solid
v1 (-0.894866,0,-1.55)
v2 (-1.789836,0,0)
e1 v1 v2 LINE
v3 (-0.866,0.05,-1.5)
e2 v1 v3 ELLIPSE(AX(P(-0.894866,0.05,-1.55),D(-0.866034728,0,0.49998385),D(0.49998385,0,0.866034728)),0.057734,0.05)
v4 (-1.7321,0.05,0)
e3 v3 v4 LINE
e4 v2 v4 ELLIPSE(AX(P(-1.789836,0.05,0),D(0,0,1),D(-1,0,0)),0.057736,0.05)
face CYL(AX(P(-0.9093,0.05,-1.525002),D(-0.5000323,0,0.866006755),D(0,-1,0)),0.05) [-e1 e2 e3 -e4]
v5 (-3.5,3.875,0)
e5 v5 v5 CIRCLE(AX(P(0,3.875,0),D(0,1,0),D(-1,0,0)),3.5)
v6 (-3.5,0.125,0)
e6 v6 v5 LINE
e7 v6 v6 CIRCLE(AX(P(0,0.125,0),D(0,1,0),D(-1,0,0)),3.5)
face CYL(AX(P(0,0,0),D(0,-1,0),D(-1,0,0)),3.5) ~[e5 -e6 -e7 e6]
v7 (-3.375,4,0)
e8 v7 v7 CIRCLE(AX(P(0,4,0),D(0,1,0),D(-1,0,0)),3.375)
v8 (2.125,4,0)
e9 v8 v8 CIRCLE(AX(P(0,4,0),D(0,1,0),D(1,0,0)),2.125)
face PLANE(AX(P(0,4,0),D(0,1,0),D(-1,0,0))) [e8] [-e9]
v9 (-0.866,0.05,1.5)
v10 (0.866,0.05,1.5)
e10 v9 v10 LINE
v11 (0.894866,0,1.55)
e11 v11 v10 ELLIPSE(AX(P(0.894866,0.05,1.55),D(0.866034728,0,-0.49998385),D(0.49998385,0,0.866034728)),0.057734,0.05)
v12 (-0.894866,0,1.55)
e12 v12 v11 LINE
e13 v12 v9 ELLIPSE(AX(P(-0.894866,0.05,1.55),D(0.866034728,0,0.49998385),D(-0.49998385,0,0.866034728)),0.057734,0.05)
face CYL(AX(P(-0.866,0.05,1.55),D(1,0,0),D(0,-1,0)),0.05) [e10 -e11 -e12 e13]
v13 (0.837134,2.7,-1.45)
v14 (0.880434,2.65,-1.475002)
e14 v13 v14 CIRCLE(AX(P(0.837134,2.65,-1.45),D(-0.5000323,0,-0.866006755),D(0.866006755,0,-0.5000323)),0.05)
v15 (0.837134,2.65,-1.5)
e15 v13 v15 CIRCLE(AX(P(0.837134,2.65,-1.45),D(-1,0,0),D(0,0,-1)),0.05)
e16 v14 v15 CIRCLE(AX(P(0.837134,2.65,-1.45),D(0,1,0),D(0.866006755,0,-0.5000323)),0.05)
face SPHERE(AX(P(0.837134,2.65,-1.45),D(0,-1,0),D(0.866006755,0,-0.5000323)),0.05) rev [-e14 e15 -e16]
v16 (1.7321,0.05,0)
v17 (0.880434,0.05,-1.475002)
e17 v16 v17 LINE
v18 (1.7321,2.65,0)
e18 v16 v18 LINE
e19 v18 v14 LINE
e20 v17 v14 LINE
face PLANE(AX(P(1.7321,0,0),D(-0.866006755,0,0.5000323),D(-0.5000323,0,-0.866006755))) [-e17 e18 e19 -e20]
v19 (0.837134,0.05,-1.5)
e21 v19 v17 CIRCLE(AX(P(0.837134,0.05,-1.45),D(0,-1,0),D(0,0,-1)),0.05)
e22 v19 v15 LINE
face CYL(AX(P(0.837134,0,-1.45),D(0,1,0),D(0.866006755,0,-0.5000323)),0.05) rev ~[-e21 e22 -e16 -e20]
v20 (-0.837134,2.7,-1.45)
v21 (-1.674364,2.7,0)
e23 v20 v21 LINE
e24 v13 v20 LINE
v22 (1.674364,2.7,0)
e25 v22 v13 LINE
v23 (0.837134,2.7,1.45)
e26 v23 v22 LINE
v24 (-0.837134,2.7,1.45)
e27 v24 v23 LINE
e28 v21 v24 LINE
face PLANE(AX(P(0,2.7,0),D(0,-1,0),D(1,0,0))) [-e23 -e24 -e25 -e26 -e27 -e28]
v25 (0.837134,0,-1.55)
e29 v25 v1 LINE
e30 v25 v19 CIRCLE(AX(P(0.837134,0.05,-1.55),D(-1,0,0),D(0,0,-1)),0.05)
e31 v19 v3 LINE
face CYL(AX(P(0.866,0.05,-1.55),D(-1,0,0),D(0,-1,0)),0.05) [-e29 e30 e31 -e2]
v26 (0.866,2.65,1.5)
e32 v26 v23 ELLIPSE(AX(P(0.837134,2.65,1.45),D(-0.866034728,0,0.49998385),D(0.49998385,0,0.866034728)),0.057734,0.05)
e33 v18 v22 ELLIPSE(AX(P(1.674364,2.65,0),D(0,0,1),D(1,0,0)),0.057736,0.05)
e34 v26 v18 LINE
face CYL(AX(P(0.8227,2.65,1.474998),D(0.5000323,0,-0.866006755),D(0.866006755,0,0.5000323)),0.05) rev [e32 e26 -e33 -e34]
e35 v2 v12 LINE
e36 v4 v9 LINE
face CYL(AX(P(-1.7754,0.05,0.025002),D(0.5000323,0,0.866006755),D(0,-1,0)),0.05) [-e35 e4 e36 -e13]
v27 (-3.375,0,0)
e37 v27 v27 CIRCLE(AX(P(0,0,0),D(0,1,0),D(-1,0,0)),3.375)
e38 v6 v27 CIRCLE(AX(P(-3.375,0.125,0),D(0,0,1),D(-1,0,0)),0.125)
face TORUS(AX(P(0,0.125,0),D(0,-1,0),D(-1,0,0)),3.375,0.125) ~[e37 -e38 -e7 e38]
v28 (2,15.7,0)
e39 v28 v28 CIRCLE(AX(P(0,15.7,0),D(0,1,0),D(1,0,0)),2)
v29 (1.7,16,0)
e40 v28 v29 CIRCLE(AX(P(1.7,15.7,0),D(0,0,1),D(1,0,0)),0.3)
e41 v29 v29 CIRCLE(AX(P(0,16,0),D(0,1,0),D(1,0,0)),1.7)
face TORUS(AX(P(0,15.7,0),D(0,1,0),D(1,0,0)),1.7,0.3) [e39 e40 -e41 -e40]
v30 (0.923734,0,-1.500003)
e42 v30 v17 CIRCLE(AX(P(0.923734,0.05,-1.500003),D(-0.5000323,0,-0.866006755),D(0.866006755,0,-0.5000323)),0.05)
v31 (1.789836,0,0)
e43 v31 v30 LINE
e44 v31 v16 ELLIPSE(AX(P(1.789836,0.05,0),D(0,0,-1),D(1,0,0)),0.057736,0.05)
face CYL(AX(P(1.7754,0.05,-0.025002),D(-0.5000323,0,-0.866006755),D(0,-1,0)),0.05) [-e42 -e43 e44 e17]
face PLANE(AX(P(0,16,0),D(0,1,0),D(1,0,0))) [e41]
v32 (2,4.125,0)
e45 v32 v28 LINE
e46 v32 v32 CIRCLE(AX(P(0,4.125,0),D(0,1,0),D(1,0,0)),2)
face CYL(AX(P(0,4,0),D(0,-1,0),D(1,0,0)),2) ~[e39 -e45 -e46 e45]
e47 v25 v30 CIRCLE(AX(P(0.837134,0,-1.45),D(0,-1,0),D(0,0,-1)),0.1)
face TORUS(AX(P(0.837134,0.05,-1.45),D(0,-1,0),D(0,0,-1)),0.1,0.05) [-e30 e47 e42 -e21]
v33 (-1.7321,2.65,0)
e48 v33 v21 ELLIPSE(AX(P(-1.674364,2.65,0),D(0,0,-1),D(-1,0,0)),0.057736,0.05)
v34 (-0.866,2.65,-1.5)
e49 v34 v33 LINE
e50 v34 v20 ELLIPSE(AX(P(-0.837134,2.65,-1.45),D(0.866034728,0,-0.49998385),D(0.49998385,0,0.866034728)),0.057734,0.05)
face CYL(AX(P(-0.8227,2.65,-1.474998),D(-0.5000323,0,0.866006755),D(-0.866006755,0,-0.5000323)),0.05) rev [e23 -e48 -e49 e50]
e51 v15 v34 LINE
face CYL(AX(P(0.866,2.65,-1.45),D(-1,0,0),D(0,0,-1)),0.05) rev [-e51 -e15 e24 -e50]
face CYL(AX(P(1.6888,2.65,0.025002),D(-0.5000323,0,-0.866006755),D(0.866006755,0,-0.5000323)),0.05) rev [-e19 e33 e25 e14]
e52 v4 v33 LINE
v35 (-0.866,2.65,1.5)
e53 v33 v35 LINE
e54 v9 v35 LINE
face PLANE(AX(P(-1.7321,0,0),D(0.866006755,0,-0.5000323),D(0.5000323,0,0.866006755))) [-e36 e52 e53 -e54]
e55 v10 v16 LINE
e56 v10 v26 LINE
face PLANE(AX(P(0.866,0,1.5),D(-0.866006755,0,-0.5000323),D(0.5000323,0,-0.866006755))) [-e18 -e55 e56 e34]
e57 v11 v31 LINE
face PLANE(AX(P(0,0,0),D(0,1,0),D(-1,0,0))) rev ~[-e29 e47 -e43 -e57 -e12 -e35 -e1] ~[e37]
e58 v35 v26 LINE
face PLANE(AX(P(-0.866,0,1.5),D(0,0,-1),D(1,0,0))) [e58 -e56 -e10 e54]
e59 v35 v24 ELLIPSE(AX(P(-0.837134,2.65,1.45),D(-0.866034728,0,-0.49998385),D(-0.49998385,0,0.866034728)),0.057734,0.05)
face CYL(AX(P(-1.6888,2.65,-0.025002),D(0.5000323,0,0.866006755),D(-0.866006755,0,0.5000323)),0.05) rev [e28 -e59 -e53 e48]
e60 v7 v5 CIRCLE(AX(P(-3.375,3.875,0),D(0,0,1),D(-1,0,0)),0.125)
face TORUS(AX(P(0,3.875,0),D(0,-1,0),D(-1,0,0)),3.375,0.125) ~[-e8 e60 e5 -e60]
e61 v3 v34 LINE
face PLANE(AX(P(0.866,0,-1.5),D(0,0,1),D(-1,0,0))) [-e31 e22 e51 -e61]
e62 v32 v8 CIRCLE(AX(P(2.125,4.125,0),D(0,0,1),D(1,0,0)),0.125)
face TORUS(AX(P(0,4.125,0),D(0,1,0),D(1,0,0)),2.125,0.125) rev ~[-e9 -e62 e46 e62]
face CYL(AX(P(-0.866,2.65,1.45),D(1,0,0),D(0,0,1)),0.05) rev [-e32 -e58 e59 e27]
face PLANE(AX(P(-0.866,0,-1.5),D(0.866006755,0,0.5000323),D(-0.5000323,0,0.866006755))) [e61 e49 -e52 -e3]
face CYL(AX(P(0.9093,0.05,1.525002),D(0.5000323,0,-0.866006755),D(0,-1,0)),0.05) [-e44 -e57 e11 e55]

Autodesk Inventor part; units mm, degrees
ref_plane "YZ Plane" through (0, 0, 0) normal (1, 0, 0) x (0, 1, 0)
ref_plane "XZ Plane" through (0, 0, 0) normal (0, 1, 0) x (-1, 0, 0)
ref_plane "XY Plane" through (0, 0, 0) normal (0, 0, 1) x (1, 0, 0)
sketch "Sketch1" plane through (0, 0, 0) normal (0, 1, 0) x (-1, 0, 0)
  circle A0 centre (0, 0) radius 3.5
  dimension "d0" = 7
extrude "Extrusion1" add sketch "Sketch1" along normal blind 4
sketch "Sketch2" plane through (0, 4, 0) normal (0, 1, 0) x (1, 0, 0)
  circle A0 centre (0, 0) radius 2
  dimension "d3" = 4
extrude "Extrusion2" add sketch "Sketch2" along normal blind 12
sketch "Sketch3" plane through (0, 0, 0) normal (0, -1, 0) x (1, 0, 0)
  line L0 (-1.7321, 0) -> (-0.866, 1.5)
  line L1 (-0.866, 1.5) -> (0.866, 1.5)
  line L2 (0.866, 1.5) -> (1.7321, 0)
  line L3 (1.7321, 0) -> (0.866, -1.5)
  line L4 (0.866, -1.5) -> (-0.866, -1.5)
  line L5 (-0.866, -1.5) -> (-1.7321, 0)
  point P0 (0, 0)
  point P1 (0, 0)
  dimension "d6" = 3
extrude "Extrusion3" cut sketch "Sketch3" against normal blind 2.7
thread "Thread1" size "M4x0.7" class "6g" standard "ISO Metric profile" length 24
fillet "Fillet1" radius 0.3 1 edges at (-2, 16, 0)
fillet "Fillet2" radius 0.125 3 edges at (-2, 4, 0) (3.5, 4, 0) (3.5, 0, 0)
fillet "Fillet3" radius 0.05 13 edges at (-1.299, 0, -0.75) (-1.299, 0, 0.75) (0, 0, 1.5) (1.299, 0, 0.75) (1.299, 0, -0.75) (0.866, 1.35, -1.5) (0, 0, -1.5) (-1.299, 2.7, -0.75) (-1.299, 2.7, 0.75) (0, 2.7, 1.5) (1.299, 2.7, 0.75) (1.299, 2.7, -0.75) (0, 2.7, -1.5)
properties part number "MM-MMount_to_Motor-Bolt"
